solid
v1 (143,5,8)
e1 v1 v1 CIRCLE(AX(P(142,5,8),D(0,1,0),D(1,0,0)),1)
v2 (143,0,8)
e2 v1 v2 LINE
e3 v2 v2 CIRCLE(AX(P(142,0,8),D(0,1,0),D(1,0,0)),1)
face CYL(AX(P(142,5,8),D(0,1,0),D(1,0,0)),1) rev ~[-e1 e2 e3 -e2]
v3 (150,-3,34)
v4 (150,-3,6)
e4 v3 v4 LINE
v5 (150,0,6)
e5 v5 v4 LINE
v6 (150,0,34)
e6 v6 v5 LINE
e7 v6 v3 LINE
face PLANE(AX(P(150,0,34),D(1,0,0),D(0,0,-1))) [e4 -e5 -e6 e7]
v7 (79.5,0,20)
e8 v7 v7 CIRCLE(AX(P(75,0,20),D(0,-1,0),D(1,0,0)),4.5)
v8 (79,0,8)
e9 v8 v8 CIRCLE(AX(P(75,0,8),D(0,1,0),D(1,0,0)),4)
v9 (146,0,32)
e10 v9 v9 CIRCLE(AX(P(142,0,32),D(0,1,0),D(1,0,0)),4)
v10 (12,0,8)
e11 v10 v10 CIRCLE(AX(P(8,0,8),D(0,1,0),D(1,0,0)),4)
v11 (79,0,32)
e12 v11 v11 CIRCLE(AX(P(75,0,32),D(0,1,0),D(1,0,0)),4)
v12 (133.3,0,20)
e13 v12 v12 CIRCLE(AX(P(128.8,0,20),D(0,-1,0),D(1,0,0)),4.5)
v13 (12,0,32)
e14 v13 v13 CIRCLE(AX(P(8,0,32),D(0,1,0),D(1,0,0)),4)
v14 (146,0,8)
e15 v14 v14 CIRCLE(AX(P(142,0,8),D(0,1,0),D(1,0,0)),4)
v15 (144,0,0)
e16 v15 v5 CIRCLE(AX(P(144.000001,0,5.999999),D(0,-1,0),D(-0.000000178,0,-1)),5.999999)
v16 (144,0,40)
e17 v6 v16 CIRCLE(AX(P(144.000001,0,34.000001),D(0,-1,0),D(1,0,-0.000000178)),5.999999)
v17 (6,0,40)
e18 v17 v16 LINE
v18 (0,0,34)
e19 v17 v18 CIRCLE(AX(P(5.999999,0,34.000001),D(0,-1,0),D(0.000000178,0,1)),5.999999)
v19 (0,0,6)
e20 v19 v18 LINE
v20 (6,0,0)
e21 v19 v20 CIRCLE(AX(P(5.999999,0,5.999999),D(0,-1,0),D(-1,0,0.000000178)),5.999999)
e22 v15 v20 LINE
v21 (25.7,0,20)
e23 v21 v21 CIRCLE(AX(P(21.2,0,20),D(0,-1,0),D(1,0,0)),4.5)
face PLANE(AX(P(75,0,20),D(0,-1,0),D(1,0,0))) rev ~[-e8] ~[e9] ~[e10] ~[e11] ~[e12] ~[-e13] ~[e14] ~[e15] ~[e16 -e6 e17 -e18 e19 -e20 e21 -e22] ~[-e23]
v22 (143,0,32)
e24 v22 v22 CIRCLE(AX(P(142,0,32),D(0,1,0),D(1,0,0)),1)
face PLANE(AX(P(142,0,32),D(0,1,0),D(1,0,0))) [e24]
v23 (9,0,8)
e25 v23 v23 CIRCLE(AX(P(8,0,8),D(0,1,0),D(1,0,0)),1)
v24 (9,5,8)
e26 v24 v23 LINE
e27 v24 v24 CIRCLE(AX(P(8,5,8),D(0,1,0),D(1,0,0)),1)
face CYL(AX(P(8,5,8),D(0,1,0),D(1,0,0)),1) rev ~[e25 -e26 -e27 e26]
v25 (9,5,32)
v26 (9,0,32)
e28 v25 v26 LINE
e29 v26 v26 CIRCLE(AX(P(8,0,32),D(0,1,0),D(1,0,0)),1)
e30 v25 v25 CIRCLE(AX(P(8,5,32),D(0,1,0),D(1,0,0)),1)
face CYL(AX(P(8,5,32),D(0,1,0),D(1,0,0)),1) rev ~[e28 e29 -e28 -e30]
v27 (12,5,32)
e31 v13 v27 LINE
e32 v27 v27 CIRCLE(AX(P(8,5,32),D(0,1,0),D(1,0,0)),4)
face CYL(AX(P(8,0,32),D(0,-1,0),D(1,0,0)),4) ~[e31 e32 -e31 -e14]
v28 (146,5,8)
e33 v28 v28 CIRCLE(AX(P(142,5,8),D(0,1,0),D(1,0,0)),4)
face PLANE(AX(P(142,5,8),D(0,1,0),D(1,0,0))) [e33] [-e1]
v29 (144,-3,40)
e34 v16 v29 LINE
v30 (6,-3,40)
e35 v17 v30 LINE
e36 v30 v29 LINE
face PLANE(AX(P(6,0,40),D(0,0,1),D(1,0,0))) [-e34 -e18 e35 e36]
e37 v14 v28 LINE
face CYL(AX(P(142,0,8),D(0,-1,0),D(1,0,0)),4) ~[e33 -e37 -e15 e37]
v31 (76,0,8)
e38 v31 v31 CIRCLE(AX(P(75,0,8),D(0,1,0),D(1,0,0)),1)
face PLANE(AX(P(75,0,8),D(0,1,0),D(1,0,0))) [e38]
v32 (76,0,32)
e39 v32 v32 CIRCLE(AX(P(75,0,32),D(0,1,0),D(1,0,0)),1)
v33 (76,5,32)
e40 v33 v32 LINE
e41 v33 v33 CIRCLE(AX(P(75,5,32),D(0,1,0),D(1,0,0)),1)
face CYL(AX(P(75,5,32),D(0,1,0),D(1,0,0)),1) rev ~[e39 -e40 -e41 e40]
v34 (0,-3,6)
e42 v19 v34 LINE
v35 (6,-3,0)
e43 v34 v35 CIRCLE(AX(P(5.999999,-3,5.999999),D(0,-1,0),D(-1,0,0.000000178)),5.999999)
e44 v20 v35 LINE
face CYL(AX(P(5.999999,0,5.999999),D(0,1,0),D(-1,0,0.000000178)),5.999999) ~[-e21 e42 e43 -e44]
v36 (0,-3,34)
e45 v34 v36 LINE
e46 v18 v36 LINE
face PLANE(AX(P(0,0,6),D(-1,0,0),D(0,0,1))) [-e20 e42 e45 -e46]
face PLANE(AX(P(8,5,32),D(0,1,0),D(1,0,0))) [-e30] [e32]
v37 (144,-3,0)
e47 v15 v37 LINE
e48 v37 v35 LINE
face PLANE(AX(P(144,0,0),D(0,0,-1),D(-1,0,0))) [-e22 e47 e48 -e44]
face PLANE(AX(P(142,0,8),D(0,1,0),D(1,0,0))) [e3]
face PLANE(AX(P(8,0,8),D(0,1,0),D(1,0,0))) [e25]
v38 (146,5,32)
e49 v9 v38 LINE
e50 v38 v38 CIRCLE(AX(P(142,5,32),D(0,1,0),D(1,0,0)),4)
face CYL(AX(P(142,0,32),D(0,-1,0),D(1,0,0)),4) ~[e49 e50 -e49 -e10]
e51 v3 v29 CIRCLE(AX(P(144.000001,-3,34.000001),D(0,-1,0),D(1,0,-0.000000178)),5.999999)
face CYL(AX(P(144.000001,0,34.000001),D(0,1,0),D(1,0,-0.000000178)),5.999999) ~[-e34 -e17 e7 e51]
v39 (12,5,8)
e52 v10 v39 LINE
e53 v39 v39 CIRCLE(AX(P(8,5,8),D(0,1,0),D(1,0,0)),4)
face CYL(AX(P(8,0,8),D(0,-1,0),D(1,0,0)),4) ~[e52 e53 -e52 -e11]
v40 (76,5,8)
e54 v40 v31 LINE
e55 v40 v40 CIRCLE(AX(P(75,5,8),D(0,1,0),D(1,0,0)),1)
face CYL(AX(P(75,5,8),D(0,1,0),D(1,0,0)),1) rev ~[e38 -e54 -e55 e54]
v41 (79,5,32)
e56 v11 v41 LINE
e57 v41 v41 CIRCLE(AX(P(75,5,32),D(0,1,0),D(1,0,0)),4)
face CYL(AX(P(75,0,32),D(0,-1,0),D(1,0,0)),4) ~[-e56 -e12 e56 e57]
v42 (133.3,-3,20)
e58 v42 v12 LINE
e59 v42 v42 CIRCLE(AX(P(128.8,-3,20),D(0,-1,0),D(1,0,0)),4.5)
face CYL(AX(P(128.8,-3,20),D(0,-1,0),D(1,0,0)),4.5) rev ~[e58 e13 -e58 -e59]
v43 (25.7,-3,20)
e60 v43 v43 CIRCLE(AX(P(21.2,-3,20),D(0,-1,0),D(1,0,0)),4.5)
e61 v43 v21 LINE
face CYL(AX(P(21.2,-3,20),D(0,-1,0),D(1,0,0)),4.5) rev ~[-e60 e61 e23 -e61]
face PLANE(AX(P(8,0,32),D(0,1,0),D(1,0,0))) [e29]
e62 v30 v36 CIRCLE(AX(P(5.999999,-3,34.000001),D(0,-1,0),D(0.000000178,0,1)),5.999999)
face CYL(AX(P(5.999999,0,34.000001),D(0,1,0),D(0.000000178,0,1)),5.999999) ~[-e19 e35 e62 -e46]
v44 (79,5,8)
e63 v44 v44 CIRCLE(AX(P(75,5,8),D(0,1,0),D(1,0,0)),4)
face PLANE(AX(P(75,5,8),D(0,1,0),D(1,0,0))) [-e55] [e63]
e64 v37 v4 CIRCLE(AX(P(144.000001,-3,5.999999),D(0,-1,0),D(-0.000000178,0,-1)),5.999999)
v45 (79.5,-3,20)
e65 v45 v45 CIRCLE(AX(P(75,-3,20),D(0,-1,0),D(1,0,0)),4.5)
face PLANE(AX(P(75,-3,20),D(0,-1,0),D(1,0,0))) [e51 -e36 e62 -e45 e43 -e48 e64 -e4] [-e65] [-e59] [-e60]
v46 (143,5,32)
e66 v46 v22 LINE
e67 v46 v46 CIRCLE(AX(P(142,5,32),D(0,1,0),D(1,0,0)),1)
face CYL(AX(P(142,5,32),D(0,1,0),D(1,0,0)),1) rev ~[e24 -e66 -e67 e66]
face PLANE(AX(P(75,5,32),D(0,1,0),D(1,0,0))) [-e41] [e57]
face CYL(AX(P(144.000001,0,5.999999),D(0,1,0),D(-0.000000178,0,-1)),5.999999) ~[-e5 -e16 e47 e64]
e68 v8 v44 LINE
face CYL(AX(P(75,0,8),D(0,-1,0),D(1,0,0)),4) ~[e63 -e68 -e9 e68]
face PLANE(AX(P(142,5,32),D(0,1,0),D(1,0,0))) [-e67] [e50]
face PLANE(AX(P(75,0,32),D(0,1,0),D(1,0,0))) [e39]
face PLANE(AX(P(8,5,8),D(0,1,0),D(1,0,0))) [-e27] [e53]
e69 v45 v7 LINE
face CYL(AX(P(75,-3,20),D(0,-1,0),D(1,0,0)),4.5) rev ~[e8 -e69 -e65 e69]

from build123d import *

# Parameters (mm, degrees)
PAD_DEPTH       = 3
SKETCH001_R     = 4
PAD001_DEPTH    = 5
SKETCH002_R     = 4.5
POCKET_DEPTH    = 8.001
SKETCH003_R     = 1
POCKET001_DEPTH = 5


with BuildPart() as part:
    # Sketch → Pad (new body)
    with BuildSketch(Plane.XZ):
        with BuildLine():
            ThreePointArc((6, 40), (1.757359, 38.242641), (0, 34))
            Line((0, 6), (0, 34))
            ThreePointArc((0, 6), (1.757359, 1.757359), (6, 0))
            Line((144, 0), (6, 0))
            ThreePointArc((144, 0), (148.242641, 1.757359), (150, 6))
            Line((150, 34), (150, 6))
            ThreePointArc((150, 34), (148.242641, 38.242641), (144, 40))
            Line((6, 40), (144, 40))
        make_face()
    extrude(amount=PAD_DEPTH)

    # Sketch001 (on Face9 of Pad) → Pad001 (join)
    with BuildSketch(Plane(origin=(0, 0, 0), x_dir=(1, 0, 0), z_dir=(0, 1, 0))):
        with Locations((8, -8)):
            Circle(SKETCH001_R)
        with Locations((8, -32)):
            Circle(SKETCH001_R)
        with Locations((142, -8)):
            Circle(SKETCH001_R)
        with Locations((142, -32)):
            Circle(SKETCH001_R)
        with Locations((75, -8)):
            Circle(SKETCH001_R)
        with Locations((75, -32)):
            Circle(SKETCH001_R)
    extrude(amount=PAD001_DEPTH)

    # Sketch002 (on Face5 of Pad001) → Pocket (cut, through all)
    with BuildSketch(Plane.XZ.offset(3)):
        with Locations((21.2, 20)):
            Circle(SKETCH002_R)
        with Locations((75, 20)):
            Circle(SKETCH002_R)
        with Locations((128.8, 20)):
            Circle(SKETCH002_R)
    extrude(amount=-POCKET_DEPTH, mode=Mode.SUBTRACT)

    # Sketch003 (on Face25 of Pocket) → Pocket001 (cut)
    with BuildSketch(Plane(origin=(0, 5, 0), x_dir=(1, 0, 0), z_dir=(0, 1, 0))):
        with Locations((8, -8)):
            Circle(SKETCH003_R)
        with Locations((8, -32)):
            Circle(SKETCH003_R)
        with Locations((75, -32)):
            Circle(SKETCH003_R)
        with Locations((142, -32)):
            Circle(SKETCH003_R)
        with Locations((75, -8)):
            Circle(SKETCH003_R)
        with Locations((142, -8)):
            Circle(SKETCH003_R)
    extrude(amount=-POCKET001_DEPTH, mode=Mode.SUBTRACT)


solid = part.part
